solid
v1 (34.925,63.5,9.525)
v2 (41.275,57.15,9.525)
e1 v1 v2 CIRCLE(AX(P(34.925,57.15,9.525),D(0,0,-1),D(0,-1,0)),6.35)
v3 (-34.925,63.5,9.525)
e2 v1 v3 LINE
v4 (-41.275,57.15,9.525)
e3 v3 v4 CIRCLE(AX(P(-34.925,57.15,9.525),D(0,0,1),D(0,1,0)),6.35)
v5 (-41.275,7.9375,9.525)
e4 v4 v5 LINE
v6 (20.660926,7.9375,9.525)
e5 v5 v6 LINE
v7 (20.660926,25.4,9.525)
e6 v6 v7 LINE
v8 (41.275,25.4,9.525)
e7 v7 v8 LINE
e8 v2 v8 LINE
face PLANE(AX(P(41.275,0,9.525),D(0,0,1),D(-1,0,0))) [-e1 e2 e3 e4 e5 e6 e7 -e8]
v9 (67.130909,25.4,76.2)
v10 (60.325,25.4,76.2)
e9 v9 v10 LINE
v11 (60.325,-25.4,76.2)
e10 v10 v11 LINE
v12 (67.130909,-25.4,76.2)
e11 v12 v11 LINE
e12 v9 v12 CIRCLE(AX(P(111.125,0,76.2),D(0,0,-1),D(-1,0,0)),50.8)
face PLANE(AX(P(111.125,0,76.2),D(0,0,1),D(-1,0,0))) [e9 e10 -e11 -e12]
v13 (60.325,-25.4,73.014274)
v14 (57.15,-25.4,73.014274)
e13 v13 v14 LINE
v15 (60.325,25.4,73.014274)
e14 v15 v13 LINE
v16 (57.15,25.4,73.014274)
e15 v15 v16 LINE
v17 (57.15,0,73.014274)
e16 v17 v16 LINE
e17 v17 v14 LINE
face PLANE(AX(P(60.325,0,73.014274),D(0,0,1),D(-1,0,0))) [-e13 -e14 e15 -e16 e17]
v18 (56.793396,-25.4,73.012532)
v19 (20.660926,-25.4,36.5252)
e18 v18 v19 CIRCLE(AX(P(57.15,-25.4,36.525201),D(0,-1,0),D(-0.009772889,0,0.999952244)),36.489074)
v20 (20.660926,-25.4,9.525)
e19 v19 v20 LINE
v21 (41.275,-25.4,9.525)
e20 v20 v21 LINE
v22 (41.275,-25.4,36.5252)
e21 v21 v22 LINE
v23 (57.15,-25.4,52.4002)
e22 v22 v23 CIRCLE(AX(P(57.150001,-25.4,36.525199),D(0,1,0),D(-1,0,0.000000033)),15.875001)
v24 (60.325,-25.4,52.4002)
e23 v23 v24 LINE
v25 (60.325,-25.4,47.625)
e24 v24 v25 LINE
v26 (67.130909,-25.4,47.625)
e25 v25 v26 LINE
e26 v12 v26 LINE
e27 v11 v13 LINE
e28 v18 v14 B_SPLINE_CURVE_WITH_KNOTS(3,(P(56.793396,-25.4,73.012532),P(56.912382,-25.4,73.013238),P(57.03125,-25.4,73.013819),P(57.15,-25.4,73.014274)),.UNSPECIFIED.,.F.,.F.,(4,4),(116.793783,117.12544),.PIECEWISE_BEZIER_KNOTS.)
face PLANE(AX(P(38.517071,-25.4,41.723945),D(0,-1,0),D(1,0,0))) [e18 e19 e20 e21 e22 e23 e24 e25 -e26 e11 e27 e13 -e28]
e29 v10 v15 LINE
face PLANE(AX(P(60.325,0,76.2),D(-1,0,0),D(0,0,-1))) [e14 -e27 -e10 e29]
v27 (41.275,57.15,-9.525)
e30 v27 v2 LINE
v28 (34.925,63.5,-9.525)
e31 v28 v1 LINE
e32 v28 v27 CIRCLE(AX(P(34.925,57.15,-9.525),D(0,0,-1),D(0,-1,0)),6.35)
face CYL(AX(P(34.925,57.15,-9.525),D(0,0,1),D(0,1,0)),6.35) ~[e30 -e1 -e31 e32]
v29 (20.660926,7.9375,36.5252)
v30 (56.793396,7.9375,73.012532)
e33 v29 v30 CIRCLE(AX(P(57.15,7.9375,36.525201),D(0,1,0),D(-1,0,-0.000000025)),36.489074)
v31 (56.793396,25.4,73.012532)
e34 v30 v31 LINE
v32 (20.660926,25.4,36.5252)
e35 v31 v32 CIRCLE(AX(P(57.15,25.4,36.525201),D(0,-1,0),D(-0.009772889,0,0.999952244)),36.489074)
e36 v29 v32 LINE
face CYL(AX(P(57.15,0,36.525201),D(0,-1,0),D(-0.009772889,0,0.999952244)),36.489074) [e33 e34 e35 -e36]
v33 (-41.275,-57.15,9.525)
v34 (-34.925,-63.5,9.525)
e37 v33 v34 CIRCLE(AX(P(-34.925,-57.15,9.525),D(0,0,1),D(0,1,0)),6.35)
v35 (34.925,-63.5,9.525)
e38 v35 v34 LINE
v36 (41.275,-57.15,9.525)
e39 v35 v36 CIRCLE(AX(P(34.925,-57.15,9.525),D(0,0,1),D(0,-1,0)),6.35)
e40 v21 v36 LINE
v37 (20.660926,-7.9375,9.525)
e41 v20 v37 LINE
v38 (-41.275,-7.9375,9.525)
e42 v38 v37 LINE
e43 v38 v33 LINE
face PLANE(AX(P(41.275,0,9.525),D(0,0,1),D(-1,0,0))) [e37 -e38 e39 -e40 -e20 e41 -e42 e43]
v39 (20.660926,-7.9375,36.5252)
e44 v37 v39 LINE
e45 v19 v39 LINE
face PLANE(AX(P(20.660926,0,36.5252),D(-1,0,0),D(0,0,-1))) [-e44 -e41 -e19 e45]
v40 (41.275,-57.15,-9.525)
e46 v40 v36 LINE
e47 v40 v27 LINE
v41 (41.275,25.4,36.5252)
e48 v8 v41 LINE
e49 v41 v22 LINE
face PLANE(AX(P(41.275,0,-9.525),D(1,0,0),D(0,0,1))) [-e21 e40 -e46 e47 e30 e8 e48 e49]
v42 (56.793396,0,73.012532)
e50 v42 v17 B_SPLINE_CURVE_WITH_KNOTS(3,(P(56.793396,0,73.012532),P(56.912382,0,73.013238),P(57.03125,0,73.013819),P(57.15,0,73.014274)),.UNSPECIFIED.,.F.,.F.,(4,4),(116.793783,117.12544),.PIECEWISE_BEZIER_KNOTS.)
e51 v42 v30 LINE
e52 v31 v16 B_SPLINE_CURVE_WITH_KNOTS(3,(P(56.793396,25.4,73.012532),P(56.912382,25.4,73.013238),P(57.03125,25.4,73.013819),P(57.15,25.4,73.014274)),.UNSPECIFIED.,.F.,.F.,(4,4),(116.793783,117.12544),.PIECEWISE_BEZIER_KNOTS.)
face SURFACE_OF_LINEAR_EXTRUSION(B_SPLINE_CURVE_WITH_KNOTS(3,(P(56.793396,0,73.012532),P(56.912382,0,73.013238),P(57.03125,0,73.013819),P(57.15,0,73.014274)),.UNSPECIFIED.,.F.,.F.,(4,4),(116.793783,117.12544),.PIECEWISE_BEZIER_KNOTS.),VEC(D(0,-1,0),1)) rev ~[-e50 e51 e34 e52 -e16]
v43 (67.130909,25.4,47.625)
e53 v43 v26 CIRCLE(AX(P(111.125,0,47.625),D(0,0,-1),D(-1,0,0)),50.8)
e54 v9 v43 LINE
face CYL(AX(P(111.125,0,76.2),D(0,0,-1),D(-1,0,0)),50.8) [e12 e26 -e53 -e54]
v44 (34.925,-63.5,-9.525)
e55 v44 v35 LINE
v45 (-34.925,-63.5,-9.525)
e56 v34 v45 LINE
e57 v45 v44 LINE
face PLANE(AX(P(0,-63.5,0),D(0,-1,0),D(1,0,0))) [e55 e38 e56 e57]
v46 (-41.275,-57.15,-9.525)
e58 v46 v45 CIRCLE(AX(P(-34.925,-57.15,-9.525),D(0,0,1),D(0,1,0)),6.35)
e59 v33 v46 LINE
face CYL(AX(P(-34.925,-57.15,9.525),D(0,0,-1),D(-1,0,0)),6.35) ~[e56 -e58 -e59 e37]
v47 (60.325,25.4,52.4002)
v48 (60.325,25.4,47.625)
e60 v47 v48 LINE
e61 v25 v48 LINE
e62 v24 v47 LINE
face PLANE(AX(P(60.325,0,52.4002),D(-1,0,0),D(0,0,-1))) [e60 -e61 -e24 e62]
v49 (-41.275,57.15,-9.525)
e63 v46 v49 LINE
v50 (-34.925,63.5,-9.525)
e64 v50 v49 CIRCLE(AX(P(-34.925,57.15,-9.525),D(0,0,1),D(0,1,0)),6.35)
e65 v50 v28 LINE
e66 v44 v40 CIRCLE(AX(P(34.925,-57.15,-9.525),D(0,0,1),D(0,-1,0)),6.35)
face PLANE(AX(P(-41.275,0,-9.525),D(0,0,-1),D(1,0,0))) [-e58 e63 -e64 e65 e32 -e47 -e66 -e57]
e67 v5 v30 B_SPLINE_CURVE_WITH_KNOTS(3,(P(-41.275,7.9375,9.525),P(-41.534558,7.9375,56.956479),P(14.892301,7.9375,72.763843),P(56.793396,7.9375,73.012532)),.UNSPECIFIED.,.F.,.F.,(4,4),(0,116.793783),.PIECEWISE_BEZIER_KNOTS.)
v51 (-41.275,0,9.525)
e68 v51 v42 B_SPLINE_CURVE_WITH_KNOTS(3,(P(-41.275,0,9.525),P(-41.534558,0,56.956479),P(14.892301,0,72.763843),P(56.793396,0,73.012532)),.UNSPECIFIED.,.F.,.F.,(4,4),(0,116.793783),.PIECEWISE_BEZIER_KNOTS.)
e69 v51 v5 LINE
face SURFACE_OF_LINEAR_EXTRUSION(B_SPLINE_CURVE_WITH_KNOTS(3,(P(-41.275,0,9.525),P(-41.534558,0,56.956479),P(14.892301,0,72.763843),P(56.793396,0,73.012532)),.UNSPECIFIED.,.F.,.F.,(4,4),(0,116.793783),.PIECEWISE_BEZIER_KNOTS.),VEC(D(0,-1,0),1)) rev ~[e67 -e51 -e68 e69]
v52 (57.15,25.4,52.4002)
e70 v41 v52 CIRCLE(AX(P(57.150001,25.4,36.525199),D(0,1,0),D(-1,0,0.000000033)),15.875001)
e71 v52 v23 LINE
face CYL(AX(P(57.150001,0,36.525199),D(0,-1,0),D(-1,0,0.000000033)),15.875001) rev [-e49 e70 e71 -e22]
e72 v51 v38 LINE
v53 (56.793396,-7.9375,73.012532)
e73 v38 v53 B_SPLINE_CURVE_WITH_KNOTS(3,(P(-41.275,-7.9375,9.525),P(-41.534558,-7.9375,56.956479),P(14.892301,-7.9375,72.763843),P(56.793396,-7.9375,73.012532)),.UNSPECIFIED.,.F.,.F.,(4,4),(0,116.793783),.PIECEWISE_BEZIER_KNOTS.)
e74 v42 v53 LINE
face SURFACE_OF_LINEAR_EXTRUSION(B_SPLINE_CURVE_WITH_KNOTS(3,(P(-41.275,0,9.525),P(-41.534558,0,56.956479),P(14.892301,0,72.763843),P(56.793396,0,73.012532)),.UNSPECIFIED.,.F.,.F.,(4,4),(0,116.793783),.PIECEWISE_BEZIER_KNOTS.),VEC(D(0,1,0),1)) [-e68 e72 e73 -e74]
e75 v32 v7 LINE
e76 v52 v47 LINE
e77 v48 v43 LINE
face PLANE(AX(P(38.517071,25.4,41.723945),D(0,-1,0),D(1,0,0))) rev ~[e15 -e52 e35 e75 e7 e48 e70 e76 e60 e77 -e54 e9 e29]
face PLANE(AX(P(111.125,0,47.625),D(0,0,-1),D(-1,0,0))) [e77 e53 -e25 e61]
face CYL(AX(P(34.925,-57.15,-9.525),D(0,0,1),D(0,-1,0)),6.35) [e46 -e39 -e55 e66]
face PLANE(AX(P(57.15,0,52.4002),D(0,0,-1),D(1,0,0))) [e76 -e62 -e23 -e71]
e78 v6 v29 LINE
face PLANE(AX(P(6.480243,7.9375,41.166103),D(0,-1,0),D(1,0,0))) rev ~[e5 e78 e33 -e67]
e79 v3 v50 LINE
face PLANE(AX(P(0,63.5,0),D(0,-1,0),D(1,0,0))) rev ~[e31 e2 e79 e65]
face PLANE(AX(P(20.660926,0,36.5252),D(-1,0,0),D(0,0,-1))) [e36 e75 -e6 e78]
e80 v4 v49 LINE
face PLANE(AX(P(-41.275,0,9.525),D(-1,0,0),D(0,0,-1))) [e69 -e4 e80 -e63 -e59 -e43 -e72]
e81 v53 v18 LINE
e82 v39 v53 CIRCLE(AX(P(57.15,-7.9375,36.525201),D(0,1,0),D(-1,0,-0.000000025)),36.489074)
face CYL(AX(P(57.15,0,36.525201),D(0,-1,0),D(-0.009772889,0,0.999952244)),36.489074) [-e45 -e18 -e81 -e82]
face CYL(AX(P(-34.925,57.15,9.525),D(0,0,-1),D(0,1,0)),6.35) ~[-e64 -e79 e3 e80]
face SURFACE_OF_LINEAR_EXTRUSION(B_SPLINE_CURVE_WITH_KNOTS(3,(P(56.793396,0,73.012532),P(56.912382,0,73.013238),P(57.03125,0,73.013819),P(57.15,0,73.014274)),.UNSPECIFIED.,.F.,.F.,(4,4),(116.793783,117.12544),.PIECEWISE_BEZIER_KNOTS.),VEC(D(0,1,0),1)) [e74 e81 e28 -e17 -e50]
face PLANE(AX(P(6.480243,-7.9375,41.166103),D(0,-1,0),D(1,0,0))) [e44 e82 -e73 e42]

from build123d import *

# Parameters (mm, degrees)
F1_DEPTH = 63.5
F2_DEPTH = 25.4
F3_DEPTH = 7.9375
F5_R     = 6.35


with BuildPart() as f1:
    # F0 (on Front) → F1 (new body, symmetric)
    with BuildSketch(Plane.XZ):
        Polygon((41.275, -9.525), (41.275, 9.525), (20.660926, 9.525), (-41.275, 9.525), (-41.275, -9.525), align=None)
    extrude(amount=F1_DEPTH, both=True)

    # F0 (on Front) → F2 (join, symmetric)
    with BuildSketch(Plane.XZ):
        with BuildLine():
            Line((20.660926, 9.525), (41.275, 9.525))
            Line((41.275, 9.525), (41.275, 36.5252))
            ThreePointArc((41.275, 36.5252), (45.92468, 47.75052), (57.15, 52.4002))
            Line((57.15, 52.4002), (60.325, 52.4002))
            Line((60.325, 52.4002), (60.325, 73.014274))
            Line((60.325, 73.014274), (57.15, 73.014274))
            add(Edge.make_bspline(
                [(56.793396, 73.012532), (56.912382, 73.013238), (57.03125, 73.013819), (57.15, 73.014274)],
                knots=[116.793783, 116.793783, 116.793783, 116.793783, 117.12544, 117.12544, 117.12544, 117.12544], degree=3))
            ThreePointArc((56.793396, 73.012532), (31.222556, 62.200484), (20.660926, 36.5252))
            Line((20.660926, 36.5252), (20.660926, 9.525))
        make_face()
        Polygon((60.325, 73.014274), (60.325, 52.4002), (60.325, 47.625), (111.125, 47.625), (111.125, 76.2), (60.325, 76.2), align=None)
    extrude(amount=F2_DEPTH, both=True)

    # F0 (on Front) → F3 (join, symmetric)
    with BuildSketch(Plane.XZ):
        with BuildLine():
            Line((-41.275, 9.525), (20.660926, 9.525))
            Line((20.660926, 9.525), (20.660926, 36.5252))
            ThreePointArc((20.660926, 36.5252), (31.222556, 62.200484), (56.793396, 73.012532))
            add(Edge.make_bspline(
                [(-41.275, 9.525), (-41.534558, 56.956479), (14.892301, 72.763843), (56.793396, 73.012532)],
                knots=[0, 0, 0, 0, 116.793783, 116.793783, 116.793783, 116.793783], degree=3))
        make_face()
    extrude(amount=F3_DEPTH, both=True)

    # F0 (on Front) → F4 (revolve)
    with BuildSketch(Plane.XZ):
        Polygon((60.325, 73.014274), (60.325, 52.4002), (60.325, 47.625), (111.125, 47.625), (111.125, 76.2), (60.325, 76.2), align=None)
    revolve(axis=Axis((111.125, 0, 61.9125), (0, 0, -1)))

    # F5
    f5_edges = [f1.edges().sort_by_distance(p)[0] for p in [
        (41.275, -63.5, 0),
        (-41.275, -63.5, 0),
        (41.275, 63.5, 0),
        (-41.275, 63.5, 0),
    ]]
    fillet(f5_edges, radius=F5_R)


solid = f1.part
